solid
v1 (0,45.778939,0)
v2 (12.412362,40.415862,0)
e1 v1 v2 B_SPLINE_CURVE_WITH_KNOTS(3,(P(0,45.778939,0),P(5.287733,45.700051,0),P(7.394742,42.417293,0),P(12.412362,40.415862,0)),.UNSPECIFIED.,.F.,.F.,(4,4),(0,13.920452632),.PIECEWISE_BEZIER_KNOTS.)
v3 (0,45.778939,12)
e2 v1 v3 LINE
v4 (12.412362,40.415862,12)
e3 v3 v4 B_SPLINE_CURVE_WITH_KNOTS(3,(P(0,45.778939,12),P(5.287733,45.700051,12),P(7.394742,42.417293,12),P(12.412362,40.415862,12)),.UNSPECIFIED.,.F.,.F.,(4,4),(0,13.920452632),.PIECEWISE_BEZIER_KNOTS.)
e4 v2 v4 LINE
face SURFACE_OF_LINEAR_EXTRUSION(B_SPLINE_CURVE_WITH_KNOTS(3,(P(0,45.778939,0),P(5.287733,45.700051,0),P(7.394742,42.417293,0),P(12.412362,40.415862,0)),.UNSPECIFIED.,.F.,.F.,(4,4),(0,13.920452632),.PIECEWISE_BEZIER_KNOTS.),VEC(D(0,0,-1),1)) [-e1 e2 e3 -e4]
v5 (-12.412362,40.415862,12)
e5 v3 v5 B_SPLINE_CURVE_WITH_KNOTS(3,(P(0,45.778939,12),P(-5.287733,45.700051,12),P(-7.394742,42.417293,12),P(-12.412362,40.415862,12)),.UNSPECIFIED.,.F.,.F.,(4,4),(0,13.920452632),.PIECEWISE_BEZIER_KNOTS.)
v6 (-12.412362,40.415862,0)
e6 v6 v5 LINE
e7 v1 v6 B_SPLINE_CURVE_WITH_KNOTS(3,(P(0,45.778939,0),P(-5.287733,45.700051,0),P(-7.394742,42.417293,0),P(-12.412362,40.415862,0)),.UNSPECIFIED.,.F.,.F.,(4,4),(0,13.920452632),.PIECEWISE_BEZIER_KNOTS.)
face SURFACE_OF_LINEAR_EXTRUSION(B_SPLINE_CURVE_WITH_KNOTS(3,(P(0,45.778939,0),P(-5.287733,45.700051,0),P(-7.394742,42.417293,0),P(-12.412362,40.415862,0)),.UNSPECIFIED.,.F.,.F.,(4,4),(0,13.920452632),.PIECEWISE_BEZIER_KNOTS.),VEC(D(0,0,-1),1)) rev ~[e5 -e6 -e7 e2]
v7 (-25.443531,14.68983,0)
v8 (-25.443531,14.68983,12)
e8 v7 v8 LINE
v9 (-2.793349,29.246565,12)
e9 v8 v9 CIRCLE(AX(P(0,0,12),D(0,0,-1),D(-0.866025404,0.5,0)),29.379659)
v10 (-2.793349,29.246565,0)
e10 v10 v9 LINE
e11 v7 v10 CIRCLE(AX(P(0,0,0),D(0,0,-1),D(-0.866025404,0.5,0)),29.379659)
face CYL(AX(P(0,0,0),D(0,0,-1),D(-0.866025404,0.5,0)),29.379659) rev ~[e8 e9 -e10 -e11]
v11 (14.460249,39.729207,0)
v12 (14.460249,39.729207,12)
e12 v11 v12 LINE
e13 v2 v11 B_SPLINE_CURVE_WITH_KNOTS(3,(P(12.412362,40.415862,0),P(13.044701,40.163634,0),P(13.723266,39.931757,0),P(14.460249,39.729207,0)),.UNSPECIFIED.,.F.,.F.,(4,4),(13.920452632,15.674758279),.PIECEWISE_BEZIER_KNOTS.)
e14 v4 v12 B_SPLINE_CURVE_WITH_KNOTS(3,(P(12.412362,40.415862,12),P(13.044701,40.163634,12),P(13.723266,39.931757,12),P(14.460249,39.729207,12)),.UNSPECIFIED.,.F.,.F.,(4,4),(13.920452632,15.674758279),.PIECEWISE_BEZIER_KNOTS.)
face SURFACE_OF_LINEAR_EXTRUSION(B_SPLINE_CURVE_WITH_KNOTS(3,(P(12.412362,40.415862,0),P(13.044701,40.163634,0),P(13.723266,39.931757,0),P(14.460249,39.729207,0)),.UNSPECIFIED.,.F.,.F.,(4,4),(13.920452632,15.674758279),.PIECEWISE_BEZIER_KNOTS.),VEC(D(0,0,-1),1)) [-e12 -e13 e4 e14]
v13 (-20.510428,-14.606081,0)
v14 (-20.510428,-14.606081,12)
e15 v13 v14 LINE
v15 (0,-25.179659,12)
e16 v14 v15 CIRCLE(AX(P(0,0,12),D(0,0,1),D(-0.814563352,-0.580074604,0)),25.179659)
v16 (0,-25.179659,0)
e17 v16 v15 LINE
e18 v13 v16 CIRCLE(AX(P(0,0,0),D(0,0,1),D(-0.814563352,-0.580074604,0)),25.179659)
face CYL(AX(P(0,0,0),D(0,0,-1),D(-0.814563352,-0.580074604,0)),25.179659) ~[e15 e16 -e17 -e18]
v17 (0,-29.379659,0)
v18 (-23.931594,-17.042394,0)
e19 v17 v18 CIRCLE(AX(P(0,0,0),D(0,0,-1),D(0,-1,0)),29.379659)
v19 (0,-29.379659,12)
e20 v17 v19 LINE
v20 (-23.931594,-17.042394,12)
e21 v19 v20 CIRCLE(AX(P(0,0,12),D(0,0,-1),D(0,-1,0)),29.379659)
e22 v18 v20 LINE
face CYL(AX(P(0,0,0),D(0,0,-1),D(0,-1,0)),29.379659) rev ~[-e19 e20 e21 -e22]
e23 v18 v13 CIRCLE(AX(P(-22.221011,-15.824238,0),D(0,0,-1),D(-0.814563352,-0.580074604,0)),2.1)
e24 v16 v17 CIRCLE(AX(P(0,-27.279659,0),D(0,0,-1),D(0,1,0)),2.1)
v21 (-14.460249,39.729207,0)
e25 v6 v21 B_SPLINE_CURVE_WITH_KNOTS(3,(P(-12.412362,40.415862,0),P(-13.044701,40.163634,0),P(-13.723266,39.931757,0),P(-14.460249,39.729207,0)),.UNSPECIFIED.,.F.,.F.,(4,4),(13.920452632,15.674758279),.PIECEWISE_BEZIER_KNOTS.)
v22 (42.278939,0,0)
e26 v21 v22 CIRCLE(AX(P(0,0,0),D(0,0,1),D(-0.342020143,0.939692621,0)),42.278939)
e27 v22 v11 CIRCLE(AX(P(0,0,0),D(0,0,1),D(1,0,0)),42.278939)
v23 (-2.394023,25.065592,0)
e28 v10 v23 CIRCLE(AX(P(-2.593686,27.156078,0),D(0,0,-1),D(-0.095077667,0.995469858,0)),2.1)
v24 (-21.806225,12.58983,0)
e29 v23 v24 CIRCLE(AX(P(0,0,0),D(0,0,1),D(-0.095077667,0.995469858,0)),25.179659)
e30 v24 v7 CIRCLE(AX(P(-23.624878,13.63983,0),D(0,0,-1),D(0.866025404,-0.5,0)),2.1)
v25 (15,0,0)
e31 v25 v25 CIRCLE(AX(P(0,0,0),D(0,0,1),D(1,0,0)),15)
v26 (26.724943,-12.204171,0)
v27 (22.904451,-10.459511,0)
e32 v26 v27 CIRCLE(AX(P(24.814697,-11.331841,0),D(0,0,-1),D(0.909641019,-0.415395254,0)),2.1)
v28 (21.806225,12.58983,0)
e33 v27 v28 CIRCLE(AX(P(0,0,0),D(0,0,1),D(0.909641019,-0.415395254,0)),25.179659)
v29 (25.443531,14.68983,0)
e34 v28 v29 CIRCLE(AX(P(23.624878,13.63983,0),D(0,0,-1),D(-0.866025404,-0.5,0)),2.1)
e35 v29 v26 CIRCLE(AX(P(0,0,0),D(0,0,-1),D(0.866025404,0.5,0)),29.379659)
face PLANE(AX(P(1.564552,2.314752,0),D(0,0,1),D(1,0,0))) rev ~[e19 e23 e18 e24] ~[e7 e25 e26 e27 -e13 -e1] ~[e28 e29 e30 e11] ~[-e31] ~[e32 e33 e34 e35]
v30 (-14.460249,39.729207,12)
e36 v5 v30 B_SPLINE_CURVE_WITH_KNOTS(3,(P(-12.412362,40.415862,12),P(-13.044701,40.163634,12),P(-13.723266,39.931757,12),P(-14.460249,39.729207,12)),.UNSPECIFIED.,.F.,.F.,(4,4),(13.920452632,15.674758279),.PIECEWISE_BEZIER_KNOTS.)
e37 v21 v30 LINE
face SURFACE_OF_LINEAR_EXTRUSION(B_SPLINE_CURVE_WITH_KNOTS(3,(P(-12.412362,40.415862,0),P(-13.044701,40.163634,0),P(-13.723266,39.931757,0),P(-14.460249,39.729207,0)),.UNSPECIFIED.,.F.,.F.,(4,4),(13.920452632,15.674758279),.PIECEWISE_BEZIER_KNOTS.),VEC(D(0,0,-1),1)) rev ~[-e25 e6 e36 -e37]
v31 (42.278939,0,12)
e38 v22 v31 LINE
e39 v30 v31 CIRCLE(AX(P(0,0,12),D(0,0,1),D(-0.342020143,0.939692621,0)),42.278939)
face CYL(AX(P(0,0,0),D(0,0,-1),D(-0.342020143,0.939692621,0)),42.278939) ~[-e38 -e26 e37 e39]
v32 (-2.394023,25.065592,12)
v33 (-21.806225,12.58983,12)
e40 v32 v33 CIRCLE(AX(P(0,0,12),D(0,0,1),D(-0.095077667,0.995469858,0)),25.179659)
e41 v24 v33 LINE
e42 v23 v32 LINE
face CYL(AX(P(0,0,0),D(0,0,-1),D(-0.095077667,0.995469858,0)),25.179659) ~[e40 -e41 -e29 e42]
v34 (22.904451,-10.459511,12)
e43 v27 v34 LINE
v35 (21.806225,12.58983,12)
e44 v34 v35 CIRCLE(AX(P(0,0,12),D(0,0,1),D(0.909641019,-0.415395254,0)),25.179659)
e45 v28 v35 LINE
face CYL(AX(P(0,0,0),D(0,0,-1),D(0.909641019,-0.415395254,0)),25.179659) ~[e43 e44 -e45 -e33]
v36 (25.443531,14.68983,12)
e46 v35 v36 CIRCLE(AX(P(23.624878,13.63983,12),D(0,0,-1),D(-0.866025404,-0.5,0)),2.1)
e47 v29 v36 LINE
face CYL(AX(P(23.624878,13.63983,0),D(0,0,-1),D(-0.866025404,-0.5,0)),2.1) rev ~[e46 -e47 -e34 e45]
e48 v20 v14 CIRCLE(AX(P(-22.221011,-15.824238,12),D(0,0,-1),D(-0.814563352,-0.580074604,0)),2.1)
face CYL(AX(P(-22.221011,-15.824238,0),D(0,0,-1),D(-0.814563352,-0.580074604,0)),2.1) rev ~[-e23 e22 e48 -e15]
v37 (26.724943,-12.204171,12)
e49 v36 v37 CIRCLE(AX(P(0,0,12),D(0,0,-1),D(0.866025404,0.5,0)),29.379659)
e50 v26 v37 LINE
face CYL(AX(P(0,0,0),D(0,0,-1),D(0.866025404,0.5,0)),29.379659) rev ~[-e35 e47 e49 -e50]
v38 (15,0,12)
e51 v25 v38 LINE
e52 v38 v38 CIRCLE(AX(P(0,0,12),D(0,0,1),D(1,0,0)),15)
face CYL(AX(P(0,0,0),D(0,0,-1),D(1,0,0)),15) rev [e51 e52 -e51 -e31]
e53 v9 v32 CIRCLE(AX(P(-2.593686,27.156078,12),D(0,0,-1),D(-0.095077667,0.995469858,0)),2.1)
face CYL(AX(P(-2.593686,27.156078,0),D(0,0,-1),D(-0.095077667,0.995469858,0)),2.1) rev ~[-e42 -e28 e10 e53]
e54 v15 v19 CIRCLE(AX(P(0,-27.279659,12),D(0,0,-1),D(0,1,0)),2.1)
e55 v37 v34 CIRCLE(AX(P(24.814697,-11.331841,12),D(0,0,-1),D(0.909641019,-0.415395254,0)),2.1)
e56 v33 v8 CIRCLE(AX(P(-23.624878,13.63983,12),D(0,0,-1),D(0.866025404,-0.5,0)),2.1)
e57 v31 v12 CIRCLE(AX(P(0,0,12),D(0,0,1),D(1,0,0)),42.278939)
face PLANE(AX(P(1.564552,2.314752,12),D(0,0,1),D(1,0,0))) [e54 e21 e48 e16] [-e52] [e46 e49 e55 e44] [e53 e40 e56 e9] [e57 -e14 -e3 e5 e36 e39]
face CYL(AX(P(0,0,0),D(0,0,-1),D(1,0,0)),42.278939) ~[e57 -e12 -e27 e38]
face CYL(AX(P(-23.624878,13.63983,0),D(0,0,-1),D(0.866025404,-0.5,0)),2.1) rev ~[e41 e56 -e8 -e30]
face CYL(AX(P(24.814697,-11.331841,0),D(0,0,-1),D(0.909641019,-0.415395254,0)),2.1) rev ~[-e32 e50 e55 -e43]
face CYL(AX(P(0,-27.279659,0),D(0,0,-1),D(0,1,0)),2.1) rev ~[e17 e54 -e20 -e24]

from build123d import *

# Parameters (mm, degrees)
F0_R     = 15
F1_DEPTH = 12


with BuildPart() as f1:
    # F0 (on Top) → F1 (new body)
    with BuildSketch(Plane.XY):
        with BuildLine():
            ThreePointArc((-14.4602486175, 39.7292065563), (-24.2502028978, -34.6328789316), (42.2789385353, 0))
            ThreePointArc((42.2789385353, 0), (34.6328789316, 24.2502028978), (14.4602486175, 39.7292065563))
            add(Edge.make_bspline(
                [(12.4123624889, 40.4158619989), (13.0447010808, 40.1636344912), (13.7232658531, 39.9317569676), (14.4602486175, 39.7292065563)],
                knots=[13.9204526319, 13.9204526319, 13.9204526319, 13.9204526319, 15.6747582788, 15.6747582788, 15.6747582788, 15.6747582788], degree=3))
            ThreePointArc((12.4123624889, 40.4158619989), (0, 42.2789385353), (-12.4123624889, 40.4158619989))
            add(Edge.make_bspline(
                [(-12.4123624889, 40.4158619989), (-13.0447010808, 40.1636344912), (-13.7232658531, 39.9317569676), (-14.4602486175, 39.7292065563)],
                knots=[13.9204526319, 13.9204526319, 13.9204526319, 13.9204526319, 15.6747582788, 15.6747582788, 15.6747582788, 15.6747582788], degree=3))
        make_face()
        with BuildLine():
            ThreePointArc((-20.5104275981, -14.6060808402), (-11.5377445773, -22.3806990024), (0, -25.1796592067))
            ThreePointArc((0, -25.1796592067), (2.1, -27.2796592067), (0, -29.3796592067))
            ThreePointArc((0, -29.3796592067), (-13.4622554227, -26.1138287893), (-23.9315936752, -17.0423941765))
            ThreePointArc((-23.9315936752, -17.0423941765), (-23.4391673048, -14.1136544698), (-20.5104275981, -14.6060808402))
        make_face(mode=Mode.SUBTRACT)
        Circle(F0_R, mode=Mode.SUBTRACT)
        with BuildLine():
            ThreePointArc((22.9044508564, -10.4595109223), (25.1511261792, 1.1983695948), (21.8062245317, 12.5898296034))
            ThreePointArc((21.8062245317, 12.5898296034), (22.5748778796, 15.4584829513), (25.4435312276, 14.6898296034))
            ThreePointArc((25.4435312276, 14.6898296034), (29.346366833, 1.3982592064), (26.7249431358, -12.2041709875))
            ThreePointArc((26.7249431358, -12.2041709875), (23.9423669635, -13.2420870946), (22.9044508564, -10.4595109223))
        make_face(mode=Mode.SUBTRACT)
        with BuildLine():
            ThreePointArc((-2.3940232583, 25.0655917625), (-13.6133816018, 21.1823294075), (-21.8062245317, 12.5898296034))
            ThreePointArc((-21.8062245317, 12.5898296034), (-24.6748778796, 11.8211762554), (-25.4435312276, 14.6898296034))
            ThreePointArc((-25.4435312276, 14.6898296034), (-15.8841114103, 24.7155695829), (-2.7933494606, 29.246565164))
            ThreePointArc((-2.7933494606, 29.246565164), (-0.5031996587, 27.3557415644), (-2.3940232583, 25.0655917625))
        make_face(mode=Mode.SUBTRACT)
        with BuildLine():
            ThreePointArc((-12.4123624889, 40.4158619989), (0, 42.2789385353), (12.4123624889, 40.4158619989))
            add(Edge.make_bspline(
                [(0, 45.7789385353), (5.287733366, 45.7000511275), (7.3947423094, 42.4172926387), (12.4123624889, 40.4158619989)],
                knots=[0, 0, 0, 0, 13.9204526319, 13.9204526319, 13.9204526319, 13.9204526319], degree=3))
            add(Edge.make_bspline(
                [(0, 45.7789385353), (-5.287733366, 45.7000511275), (-7.3947423094, 42.4172926387), (-12.4123624889, 40.4158619989)],
                knots=[0, 0, 0, 0, 13.9204526319, 13.9204526319, 13.9204526319, 13.9204526319], degree=3))
        make_face()
    extrude(amount=F1_DEPTH)


solid = f1.part
